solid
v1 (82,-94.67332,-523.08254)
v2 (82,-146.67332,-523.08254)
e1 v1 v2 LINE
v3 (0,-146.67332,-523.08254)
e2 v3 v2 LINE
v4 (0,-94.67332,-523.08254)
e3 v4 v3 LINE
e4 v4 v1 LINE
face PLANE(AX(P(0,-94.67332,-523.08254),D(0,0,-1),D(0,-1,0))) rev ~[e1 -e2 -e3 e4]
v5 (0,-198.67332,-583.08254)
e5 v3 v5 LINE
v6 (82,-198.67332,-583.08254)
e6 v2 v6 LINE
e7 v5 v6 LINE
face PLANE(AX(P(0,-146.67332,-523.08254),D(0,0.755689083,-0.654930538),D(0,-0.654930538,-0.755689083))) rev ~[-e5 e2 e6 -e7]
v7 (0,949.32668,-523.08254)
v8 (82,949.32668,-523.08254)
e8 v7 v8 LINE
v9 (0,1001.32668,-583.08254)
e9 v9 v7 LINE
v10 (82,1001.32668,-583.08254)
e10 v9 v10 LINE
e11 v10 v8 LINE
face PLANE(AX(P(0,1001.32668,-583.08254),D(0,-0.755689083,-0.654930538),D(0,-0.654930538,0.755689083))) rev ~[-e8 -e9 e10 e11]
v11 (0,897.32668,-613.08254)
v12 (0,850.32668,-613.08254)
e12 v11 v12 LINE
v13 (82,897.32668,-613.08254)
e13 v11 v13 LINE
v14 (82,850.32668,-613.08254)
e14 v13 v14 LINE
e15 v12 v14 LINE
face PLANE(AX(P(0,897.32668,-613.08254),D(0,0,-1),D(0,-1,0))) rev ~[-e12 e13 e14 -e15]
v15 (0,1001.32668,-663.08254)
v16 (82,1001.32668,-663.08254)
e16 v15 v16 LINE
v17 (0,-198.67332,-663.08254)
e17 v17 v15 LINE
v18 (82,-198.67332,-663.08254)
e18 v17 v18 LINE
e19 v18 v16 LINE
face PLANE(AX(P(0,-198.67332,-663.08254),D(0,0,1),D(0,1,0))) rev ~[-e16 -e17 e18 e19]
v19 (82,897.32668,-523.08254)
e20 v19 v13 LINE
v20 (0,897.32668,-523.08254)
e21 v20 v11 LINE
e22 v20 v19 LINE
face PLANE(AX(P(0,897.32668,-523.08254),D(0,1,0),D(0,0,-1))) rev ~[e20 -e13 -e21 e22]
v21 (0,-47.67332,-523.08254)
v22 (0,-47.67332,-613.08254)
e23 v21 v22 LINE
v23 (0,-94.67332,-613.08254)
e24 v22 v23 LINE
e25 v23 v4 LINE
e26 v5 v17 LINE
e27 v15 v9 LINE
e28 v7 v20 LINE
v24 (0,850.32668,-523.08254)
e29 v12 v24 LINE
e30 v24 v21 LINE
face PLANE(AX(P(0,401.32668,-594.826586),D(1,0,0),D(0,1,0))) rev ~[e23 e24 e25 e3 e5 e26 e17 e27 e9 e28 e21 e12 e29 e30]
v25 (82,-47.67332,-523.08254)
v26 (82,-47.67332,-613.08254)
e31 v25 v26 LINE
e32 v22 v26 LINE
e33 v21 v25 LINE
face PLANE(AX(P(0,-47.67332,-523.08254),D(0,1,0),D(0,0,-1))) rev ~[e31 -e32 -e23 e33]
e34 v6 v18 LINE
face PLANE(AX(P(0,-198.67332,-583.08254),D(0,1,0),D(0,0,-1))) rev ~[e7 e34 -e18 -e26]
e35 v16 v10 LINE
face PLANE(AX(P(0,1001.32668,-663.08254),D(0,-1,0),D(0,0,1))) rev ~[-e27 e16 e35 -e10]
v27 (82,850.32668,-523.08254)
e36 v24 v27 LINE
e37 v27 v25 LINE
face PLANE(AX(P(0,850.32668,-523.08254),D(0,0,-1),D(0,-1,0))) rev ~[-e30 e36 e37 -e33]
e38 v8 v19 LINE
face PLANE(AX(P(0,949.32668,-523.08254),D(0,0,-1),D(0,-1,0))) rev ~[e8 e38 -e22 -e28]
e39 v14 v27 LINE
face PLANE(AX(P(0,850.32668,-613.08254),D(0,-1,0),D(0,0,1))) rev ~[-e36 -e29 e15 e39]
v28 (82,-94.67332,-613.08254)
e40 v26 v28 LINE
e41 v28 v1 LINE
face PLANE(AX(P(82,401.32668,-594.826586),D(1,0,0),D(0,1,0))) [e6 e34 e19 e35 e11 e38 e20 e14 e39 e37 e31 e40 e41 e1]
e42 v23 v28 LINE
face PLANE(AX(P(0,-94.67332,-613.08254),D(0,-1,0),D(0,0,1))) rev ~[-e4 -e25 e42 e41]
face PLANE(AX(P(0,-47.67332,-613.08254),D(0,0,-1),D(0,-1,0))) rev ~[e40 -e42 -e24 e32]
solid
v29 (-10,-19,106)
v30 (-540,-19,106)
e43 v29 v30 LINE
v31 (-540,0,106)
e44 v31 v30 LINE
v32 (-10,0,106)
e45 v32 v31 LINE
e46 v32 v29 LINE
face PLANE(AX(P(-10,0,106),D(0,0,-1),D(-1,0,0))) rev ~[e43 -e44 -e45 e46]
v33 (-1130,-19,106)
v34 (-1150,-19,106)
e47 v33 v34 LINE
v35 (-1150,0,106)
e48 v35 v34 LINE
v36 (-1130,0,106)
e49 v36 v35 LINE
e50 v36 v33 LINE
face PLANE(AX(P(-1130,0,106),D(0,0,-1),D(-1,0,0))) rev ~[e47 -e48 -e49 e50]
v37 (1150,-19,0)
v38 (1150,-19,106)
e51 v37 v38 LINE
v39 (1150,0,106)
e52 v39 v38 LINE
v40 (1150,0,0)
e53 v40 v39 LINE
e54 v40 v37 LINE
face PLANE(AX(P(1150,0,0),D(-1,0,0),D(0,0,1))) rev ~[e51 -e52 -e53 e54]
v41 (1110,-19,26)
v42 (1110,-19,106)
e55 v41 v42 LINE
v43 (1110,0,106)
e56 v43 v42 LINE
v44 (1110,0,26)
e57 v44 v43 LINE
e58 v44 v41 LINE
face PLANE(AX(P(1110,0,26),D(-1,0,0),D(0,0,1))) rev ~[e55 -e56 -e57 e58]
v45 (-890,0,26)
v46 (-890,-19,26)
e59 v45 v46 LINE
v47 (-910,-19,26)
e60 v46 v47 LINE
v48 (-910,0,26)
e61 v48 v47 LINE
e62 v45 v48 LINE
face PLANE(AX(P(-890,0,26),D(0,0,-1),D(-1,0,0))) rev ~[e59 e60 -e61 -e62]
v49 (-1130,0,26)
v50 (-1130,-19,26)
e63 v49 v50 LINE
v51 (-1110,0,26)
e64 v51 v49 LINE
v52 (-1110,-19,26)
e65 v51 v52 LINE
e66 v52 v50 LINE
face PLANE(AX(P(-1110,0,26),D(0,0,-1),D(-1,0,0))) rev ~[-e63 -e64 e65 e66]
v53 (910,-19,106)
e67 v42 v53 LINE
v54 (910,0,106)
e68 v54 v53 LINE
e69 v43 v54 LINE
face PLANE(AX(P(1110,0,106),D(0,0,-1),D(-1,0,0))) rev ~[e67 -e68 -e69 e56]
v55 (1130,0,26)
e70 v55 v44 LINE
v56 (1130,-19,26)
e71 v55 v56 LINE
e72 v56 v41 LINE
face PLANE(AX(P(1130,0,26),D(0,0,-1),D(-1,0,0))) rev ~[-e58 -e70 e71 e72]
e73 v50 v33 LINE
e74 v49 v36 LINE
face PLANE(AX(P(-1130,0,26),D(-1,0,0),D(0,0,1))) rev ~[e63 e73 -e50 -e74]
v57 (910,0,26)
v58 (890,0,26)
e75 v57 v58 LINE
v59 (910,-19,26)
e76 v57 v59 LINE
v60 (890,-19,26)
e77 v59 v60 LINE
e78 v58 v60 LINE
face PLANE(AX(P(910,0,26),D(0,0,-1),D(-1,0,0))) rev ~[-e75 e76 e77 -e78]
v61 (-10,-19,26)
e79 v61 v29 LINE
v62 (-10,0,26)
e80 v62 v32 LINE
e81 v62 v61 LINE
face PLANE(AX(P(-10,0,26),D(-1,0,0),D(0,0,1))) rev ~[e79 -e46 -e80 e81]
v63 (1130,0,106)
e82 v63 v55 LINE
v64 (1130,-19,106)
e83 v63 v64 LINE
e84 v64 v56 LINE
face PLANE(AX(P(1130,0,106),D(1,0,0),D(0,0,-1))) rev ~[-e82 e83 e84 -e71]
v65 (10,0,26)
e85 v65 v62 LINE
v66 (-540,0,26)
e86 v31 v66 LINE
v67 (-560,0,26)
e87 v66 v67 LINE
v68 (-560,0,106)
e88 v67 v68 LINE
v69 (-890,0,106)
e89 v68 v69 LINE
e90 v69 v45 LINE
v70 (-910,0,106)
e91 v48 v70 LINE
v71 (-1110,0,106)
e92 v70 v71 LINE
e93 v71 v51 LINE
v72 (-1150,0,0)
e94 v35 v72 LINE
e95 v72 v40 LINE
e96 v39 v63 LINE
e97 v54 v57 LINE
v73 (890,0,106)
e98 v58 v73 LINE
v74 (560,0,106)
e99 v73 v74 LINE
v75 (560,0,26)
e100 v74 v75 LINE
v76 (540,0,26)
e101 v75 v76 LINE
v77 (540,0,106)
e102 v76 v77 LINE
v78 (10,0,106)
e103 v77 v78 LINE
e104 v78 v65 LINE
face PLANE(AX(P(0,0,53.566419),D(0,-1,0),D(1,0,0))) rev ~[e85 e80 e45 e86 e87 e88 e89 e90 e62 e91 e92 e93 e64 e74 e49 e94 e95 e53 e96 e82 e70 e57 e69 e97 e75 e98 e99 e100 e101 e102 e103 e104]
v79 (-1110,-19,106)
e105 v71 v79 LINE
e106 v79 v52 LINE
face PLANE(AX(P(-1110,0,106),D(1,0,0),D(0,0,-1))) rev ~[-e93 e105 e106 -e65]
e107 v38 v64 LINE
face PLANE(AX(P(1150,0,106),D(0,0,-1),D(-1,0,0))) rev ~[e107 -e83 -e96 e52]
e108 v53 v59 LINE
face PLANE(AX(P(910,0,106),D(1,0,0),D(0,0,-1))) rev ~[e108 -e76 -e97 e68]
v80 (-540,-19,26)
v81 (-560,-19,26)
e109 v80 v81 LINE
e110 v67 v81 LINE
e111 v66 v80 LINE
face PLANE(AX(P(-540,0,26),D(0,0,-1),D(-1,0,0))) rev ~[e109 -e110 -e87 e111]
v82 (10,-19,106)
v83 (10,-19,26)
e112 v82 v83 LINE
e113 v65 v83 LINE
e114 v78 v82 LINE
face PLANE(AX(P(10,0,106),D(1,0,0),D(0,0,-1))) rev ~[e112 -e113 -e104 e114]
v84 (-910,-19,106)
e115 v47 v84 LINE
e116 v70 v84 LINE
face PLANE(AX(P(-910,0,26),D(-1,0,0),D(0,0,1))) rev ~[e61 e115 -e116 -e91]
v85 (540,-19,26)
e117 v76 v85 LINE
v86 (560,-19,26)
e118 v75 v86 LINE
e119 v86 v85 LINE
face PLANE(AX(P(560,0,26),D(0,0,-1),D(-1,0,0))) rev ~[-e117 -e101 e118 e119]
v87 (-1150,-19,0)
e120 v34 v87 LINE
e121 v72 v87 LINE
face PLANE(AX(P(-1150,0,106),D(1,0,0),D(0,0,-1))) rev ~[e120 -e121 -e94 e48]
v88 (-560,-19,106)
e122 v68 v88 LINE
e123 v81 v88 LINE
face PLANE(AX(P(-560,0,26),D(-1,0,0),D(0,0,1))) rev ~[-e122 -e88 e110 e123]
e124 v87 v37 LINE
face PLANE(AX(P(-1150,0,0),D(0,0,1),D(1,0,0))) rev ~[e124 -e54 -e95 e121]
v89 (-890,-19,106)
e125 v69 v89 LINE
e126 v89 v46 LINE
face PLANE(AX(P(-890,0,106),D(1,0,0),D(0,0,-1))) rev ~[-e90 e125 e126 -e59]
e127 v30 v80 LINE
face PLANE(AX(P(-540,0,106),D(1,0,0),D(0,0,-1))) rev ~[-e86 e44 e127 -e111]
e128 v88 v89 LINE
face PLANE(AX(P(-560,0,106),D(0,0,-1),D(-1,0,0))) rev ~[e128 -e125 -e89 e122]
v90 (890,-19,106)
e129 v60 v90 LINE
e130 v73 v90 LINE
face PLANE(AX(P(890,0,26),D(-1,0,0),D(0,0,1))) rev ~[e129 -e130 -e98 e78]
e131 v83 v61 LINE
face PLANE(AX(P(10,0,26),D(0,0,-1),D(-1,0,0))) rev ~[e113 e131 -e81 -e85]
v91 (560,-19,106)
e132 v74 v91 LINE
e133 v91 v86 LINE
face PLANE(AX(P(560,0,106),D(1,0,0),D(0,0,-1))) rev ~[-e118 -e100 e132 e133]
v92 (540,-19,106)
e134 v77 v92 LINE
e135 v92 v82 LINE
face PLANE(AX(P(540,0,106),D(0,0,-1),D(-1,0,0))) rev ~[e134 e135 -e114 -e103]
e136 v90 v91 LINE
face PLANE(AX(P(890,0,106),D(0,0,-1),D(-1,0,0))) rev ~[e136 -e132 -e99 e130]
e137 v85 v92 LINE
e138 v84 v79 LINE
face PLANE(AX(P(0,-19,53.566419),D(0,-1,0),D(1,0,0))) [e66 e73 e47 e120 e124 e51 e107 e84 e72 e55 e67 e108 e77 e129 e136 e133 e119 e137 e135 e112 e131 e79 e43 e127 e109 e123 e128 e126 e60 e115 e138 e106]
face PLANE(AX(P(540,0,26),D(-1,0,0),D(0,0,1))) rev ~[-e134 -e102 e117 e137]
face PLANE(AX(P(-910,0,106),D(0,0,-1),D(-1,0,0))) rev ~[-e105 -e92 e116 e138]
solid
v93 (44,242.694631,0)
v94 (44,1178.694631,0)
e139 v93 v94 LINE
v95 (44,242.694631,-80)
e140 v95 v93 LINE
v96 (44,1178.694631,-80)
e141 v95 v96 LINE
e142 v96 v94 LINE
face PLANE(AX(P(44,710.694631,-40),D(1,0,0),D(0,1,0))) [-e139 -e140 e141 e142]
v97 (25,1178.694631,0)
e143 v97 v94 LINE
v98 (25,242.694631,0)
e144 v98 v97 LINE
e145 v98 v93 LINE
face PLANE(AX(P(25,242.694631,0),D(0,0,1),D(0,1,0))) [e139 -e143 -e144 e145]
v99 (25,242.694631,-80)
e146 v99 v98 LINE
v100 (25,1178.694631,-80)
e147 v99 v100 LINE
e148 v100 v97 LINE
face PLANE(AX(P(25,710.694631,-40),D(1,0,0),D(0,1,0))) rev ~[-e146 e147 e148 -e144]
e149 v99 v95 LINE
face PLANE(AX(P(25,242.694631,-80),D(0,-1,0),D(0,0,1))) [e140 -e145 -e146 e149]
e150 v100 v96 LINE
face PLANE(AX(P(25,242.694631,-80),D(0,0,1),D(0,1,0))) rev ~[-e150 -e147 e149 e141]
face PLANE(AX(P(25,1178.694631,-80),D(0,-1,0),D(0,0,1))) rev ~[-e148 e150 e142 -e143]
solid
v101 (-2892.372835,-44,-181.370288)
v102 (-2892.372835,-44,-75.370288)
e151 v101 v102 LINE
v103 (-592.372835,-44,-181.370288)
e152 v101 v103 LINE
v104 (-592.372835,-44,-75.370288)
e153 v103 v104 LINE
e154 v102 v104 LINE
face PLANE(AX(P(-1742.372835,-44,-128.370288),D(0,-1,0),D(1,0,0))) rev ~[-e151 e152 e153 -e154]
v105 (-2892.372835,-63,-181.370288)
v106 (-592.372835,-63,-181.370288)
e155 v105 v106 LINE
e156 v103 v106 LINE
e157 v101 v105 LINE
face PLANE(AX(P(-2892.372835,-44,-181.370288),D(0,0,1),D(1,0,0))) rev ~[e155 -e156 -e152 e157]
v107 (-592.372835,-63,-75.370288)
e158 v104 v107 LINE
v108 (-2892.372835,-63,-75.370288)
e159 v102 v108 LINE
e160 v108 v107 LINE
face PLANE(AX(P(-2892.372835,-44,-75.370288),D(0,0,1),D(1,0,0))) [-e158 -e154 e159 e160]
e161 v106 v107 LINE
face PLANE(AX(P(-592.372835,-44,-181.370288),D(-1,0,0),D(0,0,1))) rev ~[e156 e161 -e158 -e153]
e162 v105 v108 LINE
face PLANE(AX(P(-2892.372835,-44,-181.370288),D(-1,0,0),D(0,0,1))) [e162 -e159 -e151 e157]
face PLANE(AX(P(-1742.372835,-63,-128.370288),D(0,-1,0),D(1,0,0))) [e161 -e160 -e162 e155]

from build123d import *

# Parameters (mm, degrees)
F1_DEPTH = 19
F3_W     = 2300
F3_H     = 106
F4_DEPTH = 19
F6_DEPTH = 82
F8_W     = 936
F8_H     = 80
F9_DEPTH = 19


with BuildPart() as f1:
    # F0 (on Front) → F1 (new body)
    with BuildSketch(Plane.XZ):
        Polygon((-1150, 0), (0, 0), (1150, 0), (1150, 106), (1130, 106), (1130, 26), (1110, 26), (1110, 106), (910, 106), (910, 26), (890, 26), (890, 106), (560, 106), (560, 26), (540, 26), (540, 106), (10, 106), (10, 26), (0, 26), (-10, 26), (-10, 106), (-540, 106), (-540, 26), (-560, 26), (-560, 106), (-890, 106), (-890, 26), (-910, 26), (-910, 106), (-1110, 106), (-1110, 26), (-1130, 26), (-1130, 106), (-1150, 106), align=None)
    extrude(amount=F1_DEPTH)


with BuildPart() as f4:
    # F3 (on offset) → F4 (new body)
    with BuildSketch(Plane.XZ.offset(44)):
        with Locations((-1742.3728346825, -128.3702881336)):
            Rectangle(F3_W, F3_H)
    extrude(amount=F4_DEPTH)


with BuildPart() as f6:
    # F5 (on Right) → F6 (new body)
    with BuildSketch(Plane.YZ):
        Polygon((-94.6733198166, -523.0825400352), (-146.6733198166, -523.0825400352), (-198.6733198166, -583.0825400352), (-198.6733198166, -663.0825400352), (1001.3266801834, -663.0825400352), (1001.3266801834, -583.0825400352), (949.3266801834, -523.0825400352), (897.3266801834, -523.0825400352), (897.3266801834, -613.0825400352), (850.3266801834, -613.0825400352), (850.3266801834, -523.0825400352), (-47.6733198166, -523.0825400352), (-47.6733198166, -613.0825400352), (-94.6733198166, -613.0825400352), align=None)
    extrude(amount=F6_DEPTH)


with BuildPart() as f9:
    # F8 (on offset) → F9 (new body)
    with BuildSketch(Plane.YZ.offset(25)):
        with Locations((710.6946312189, -40)):
            Rectangle(F8_W, F8_H)
    extrude(amount=F9_DEPTH)


solid = Compound([f1.part, f4.part, f6.part, f9.part])
